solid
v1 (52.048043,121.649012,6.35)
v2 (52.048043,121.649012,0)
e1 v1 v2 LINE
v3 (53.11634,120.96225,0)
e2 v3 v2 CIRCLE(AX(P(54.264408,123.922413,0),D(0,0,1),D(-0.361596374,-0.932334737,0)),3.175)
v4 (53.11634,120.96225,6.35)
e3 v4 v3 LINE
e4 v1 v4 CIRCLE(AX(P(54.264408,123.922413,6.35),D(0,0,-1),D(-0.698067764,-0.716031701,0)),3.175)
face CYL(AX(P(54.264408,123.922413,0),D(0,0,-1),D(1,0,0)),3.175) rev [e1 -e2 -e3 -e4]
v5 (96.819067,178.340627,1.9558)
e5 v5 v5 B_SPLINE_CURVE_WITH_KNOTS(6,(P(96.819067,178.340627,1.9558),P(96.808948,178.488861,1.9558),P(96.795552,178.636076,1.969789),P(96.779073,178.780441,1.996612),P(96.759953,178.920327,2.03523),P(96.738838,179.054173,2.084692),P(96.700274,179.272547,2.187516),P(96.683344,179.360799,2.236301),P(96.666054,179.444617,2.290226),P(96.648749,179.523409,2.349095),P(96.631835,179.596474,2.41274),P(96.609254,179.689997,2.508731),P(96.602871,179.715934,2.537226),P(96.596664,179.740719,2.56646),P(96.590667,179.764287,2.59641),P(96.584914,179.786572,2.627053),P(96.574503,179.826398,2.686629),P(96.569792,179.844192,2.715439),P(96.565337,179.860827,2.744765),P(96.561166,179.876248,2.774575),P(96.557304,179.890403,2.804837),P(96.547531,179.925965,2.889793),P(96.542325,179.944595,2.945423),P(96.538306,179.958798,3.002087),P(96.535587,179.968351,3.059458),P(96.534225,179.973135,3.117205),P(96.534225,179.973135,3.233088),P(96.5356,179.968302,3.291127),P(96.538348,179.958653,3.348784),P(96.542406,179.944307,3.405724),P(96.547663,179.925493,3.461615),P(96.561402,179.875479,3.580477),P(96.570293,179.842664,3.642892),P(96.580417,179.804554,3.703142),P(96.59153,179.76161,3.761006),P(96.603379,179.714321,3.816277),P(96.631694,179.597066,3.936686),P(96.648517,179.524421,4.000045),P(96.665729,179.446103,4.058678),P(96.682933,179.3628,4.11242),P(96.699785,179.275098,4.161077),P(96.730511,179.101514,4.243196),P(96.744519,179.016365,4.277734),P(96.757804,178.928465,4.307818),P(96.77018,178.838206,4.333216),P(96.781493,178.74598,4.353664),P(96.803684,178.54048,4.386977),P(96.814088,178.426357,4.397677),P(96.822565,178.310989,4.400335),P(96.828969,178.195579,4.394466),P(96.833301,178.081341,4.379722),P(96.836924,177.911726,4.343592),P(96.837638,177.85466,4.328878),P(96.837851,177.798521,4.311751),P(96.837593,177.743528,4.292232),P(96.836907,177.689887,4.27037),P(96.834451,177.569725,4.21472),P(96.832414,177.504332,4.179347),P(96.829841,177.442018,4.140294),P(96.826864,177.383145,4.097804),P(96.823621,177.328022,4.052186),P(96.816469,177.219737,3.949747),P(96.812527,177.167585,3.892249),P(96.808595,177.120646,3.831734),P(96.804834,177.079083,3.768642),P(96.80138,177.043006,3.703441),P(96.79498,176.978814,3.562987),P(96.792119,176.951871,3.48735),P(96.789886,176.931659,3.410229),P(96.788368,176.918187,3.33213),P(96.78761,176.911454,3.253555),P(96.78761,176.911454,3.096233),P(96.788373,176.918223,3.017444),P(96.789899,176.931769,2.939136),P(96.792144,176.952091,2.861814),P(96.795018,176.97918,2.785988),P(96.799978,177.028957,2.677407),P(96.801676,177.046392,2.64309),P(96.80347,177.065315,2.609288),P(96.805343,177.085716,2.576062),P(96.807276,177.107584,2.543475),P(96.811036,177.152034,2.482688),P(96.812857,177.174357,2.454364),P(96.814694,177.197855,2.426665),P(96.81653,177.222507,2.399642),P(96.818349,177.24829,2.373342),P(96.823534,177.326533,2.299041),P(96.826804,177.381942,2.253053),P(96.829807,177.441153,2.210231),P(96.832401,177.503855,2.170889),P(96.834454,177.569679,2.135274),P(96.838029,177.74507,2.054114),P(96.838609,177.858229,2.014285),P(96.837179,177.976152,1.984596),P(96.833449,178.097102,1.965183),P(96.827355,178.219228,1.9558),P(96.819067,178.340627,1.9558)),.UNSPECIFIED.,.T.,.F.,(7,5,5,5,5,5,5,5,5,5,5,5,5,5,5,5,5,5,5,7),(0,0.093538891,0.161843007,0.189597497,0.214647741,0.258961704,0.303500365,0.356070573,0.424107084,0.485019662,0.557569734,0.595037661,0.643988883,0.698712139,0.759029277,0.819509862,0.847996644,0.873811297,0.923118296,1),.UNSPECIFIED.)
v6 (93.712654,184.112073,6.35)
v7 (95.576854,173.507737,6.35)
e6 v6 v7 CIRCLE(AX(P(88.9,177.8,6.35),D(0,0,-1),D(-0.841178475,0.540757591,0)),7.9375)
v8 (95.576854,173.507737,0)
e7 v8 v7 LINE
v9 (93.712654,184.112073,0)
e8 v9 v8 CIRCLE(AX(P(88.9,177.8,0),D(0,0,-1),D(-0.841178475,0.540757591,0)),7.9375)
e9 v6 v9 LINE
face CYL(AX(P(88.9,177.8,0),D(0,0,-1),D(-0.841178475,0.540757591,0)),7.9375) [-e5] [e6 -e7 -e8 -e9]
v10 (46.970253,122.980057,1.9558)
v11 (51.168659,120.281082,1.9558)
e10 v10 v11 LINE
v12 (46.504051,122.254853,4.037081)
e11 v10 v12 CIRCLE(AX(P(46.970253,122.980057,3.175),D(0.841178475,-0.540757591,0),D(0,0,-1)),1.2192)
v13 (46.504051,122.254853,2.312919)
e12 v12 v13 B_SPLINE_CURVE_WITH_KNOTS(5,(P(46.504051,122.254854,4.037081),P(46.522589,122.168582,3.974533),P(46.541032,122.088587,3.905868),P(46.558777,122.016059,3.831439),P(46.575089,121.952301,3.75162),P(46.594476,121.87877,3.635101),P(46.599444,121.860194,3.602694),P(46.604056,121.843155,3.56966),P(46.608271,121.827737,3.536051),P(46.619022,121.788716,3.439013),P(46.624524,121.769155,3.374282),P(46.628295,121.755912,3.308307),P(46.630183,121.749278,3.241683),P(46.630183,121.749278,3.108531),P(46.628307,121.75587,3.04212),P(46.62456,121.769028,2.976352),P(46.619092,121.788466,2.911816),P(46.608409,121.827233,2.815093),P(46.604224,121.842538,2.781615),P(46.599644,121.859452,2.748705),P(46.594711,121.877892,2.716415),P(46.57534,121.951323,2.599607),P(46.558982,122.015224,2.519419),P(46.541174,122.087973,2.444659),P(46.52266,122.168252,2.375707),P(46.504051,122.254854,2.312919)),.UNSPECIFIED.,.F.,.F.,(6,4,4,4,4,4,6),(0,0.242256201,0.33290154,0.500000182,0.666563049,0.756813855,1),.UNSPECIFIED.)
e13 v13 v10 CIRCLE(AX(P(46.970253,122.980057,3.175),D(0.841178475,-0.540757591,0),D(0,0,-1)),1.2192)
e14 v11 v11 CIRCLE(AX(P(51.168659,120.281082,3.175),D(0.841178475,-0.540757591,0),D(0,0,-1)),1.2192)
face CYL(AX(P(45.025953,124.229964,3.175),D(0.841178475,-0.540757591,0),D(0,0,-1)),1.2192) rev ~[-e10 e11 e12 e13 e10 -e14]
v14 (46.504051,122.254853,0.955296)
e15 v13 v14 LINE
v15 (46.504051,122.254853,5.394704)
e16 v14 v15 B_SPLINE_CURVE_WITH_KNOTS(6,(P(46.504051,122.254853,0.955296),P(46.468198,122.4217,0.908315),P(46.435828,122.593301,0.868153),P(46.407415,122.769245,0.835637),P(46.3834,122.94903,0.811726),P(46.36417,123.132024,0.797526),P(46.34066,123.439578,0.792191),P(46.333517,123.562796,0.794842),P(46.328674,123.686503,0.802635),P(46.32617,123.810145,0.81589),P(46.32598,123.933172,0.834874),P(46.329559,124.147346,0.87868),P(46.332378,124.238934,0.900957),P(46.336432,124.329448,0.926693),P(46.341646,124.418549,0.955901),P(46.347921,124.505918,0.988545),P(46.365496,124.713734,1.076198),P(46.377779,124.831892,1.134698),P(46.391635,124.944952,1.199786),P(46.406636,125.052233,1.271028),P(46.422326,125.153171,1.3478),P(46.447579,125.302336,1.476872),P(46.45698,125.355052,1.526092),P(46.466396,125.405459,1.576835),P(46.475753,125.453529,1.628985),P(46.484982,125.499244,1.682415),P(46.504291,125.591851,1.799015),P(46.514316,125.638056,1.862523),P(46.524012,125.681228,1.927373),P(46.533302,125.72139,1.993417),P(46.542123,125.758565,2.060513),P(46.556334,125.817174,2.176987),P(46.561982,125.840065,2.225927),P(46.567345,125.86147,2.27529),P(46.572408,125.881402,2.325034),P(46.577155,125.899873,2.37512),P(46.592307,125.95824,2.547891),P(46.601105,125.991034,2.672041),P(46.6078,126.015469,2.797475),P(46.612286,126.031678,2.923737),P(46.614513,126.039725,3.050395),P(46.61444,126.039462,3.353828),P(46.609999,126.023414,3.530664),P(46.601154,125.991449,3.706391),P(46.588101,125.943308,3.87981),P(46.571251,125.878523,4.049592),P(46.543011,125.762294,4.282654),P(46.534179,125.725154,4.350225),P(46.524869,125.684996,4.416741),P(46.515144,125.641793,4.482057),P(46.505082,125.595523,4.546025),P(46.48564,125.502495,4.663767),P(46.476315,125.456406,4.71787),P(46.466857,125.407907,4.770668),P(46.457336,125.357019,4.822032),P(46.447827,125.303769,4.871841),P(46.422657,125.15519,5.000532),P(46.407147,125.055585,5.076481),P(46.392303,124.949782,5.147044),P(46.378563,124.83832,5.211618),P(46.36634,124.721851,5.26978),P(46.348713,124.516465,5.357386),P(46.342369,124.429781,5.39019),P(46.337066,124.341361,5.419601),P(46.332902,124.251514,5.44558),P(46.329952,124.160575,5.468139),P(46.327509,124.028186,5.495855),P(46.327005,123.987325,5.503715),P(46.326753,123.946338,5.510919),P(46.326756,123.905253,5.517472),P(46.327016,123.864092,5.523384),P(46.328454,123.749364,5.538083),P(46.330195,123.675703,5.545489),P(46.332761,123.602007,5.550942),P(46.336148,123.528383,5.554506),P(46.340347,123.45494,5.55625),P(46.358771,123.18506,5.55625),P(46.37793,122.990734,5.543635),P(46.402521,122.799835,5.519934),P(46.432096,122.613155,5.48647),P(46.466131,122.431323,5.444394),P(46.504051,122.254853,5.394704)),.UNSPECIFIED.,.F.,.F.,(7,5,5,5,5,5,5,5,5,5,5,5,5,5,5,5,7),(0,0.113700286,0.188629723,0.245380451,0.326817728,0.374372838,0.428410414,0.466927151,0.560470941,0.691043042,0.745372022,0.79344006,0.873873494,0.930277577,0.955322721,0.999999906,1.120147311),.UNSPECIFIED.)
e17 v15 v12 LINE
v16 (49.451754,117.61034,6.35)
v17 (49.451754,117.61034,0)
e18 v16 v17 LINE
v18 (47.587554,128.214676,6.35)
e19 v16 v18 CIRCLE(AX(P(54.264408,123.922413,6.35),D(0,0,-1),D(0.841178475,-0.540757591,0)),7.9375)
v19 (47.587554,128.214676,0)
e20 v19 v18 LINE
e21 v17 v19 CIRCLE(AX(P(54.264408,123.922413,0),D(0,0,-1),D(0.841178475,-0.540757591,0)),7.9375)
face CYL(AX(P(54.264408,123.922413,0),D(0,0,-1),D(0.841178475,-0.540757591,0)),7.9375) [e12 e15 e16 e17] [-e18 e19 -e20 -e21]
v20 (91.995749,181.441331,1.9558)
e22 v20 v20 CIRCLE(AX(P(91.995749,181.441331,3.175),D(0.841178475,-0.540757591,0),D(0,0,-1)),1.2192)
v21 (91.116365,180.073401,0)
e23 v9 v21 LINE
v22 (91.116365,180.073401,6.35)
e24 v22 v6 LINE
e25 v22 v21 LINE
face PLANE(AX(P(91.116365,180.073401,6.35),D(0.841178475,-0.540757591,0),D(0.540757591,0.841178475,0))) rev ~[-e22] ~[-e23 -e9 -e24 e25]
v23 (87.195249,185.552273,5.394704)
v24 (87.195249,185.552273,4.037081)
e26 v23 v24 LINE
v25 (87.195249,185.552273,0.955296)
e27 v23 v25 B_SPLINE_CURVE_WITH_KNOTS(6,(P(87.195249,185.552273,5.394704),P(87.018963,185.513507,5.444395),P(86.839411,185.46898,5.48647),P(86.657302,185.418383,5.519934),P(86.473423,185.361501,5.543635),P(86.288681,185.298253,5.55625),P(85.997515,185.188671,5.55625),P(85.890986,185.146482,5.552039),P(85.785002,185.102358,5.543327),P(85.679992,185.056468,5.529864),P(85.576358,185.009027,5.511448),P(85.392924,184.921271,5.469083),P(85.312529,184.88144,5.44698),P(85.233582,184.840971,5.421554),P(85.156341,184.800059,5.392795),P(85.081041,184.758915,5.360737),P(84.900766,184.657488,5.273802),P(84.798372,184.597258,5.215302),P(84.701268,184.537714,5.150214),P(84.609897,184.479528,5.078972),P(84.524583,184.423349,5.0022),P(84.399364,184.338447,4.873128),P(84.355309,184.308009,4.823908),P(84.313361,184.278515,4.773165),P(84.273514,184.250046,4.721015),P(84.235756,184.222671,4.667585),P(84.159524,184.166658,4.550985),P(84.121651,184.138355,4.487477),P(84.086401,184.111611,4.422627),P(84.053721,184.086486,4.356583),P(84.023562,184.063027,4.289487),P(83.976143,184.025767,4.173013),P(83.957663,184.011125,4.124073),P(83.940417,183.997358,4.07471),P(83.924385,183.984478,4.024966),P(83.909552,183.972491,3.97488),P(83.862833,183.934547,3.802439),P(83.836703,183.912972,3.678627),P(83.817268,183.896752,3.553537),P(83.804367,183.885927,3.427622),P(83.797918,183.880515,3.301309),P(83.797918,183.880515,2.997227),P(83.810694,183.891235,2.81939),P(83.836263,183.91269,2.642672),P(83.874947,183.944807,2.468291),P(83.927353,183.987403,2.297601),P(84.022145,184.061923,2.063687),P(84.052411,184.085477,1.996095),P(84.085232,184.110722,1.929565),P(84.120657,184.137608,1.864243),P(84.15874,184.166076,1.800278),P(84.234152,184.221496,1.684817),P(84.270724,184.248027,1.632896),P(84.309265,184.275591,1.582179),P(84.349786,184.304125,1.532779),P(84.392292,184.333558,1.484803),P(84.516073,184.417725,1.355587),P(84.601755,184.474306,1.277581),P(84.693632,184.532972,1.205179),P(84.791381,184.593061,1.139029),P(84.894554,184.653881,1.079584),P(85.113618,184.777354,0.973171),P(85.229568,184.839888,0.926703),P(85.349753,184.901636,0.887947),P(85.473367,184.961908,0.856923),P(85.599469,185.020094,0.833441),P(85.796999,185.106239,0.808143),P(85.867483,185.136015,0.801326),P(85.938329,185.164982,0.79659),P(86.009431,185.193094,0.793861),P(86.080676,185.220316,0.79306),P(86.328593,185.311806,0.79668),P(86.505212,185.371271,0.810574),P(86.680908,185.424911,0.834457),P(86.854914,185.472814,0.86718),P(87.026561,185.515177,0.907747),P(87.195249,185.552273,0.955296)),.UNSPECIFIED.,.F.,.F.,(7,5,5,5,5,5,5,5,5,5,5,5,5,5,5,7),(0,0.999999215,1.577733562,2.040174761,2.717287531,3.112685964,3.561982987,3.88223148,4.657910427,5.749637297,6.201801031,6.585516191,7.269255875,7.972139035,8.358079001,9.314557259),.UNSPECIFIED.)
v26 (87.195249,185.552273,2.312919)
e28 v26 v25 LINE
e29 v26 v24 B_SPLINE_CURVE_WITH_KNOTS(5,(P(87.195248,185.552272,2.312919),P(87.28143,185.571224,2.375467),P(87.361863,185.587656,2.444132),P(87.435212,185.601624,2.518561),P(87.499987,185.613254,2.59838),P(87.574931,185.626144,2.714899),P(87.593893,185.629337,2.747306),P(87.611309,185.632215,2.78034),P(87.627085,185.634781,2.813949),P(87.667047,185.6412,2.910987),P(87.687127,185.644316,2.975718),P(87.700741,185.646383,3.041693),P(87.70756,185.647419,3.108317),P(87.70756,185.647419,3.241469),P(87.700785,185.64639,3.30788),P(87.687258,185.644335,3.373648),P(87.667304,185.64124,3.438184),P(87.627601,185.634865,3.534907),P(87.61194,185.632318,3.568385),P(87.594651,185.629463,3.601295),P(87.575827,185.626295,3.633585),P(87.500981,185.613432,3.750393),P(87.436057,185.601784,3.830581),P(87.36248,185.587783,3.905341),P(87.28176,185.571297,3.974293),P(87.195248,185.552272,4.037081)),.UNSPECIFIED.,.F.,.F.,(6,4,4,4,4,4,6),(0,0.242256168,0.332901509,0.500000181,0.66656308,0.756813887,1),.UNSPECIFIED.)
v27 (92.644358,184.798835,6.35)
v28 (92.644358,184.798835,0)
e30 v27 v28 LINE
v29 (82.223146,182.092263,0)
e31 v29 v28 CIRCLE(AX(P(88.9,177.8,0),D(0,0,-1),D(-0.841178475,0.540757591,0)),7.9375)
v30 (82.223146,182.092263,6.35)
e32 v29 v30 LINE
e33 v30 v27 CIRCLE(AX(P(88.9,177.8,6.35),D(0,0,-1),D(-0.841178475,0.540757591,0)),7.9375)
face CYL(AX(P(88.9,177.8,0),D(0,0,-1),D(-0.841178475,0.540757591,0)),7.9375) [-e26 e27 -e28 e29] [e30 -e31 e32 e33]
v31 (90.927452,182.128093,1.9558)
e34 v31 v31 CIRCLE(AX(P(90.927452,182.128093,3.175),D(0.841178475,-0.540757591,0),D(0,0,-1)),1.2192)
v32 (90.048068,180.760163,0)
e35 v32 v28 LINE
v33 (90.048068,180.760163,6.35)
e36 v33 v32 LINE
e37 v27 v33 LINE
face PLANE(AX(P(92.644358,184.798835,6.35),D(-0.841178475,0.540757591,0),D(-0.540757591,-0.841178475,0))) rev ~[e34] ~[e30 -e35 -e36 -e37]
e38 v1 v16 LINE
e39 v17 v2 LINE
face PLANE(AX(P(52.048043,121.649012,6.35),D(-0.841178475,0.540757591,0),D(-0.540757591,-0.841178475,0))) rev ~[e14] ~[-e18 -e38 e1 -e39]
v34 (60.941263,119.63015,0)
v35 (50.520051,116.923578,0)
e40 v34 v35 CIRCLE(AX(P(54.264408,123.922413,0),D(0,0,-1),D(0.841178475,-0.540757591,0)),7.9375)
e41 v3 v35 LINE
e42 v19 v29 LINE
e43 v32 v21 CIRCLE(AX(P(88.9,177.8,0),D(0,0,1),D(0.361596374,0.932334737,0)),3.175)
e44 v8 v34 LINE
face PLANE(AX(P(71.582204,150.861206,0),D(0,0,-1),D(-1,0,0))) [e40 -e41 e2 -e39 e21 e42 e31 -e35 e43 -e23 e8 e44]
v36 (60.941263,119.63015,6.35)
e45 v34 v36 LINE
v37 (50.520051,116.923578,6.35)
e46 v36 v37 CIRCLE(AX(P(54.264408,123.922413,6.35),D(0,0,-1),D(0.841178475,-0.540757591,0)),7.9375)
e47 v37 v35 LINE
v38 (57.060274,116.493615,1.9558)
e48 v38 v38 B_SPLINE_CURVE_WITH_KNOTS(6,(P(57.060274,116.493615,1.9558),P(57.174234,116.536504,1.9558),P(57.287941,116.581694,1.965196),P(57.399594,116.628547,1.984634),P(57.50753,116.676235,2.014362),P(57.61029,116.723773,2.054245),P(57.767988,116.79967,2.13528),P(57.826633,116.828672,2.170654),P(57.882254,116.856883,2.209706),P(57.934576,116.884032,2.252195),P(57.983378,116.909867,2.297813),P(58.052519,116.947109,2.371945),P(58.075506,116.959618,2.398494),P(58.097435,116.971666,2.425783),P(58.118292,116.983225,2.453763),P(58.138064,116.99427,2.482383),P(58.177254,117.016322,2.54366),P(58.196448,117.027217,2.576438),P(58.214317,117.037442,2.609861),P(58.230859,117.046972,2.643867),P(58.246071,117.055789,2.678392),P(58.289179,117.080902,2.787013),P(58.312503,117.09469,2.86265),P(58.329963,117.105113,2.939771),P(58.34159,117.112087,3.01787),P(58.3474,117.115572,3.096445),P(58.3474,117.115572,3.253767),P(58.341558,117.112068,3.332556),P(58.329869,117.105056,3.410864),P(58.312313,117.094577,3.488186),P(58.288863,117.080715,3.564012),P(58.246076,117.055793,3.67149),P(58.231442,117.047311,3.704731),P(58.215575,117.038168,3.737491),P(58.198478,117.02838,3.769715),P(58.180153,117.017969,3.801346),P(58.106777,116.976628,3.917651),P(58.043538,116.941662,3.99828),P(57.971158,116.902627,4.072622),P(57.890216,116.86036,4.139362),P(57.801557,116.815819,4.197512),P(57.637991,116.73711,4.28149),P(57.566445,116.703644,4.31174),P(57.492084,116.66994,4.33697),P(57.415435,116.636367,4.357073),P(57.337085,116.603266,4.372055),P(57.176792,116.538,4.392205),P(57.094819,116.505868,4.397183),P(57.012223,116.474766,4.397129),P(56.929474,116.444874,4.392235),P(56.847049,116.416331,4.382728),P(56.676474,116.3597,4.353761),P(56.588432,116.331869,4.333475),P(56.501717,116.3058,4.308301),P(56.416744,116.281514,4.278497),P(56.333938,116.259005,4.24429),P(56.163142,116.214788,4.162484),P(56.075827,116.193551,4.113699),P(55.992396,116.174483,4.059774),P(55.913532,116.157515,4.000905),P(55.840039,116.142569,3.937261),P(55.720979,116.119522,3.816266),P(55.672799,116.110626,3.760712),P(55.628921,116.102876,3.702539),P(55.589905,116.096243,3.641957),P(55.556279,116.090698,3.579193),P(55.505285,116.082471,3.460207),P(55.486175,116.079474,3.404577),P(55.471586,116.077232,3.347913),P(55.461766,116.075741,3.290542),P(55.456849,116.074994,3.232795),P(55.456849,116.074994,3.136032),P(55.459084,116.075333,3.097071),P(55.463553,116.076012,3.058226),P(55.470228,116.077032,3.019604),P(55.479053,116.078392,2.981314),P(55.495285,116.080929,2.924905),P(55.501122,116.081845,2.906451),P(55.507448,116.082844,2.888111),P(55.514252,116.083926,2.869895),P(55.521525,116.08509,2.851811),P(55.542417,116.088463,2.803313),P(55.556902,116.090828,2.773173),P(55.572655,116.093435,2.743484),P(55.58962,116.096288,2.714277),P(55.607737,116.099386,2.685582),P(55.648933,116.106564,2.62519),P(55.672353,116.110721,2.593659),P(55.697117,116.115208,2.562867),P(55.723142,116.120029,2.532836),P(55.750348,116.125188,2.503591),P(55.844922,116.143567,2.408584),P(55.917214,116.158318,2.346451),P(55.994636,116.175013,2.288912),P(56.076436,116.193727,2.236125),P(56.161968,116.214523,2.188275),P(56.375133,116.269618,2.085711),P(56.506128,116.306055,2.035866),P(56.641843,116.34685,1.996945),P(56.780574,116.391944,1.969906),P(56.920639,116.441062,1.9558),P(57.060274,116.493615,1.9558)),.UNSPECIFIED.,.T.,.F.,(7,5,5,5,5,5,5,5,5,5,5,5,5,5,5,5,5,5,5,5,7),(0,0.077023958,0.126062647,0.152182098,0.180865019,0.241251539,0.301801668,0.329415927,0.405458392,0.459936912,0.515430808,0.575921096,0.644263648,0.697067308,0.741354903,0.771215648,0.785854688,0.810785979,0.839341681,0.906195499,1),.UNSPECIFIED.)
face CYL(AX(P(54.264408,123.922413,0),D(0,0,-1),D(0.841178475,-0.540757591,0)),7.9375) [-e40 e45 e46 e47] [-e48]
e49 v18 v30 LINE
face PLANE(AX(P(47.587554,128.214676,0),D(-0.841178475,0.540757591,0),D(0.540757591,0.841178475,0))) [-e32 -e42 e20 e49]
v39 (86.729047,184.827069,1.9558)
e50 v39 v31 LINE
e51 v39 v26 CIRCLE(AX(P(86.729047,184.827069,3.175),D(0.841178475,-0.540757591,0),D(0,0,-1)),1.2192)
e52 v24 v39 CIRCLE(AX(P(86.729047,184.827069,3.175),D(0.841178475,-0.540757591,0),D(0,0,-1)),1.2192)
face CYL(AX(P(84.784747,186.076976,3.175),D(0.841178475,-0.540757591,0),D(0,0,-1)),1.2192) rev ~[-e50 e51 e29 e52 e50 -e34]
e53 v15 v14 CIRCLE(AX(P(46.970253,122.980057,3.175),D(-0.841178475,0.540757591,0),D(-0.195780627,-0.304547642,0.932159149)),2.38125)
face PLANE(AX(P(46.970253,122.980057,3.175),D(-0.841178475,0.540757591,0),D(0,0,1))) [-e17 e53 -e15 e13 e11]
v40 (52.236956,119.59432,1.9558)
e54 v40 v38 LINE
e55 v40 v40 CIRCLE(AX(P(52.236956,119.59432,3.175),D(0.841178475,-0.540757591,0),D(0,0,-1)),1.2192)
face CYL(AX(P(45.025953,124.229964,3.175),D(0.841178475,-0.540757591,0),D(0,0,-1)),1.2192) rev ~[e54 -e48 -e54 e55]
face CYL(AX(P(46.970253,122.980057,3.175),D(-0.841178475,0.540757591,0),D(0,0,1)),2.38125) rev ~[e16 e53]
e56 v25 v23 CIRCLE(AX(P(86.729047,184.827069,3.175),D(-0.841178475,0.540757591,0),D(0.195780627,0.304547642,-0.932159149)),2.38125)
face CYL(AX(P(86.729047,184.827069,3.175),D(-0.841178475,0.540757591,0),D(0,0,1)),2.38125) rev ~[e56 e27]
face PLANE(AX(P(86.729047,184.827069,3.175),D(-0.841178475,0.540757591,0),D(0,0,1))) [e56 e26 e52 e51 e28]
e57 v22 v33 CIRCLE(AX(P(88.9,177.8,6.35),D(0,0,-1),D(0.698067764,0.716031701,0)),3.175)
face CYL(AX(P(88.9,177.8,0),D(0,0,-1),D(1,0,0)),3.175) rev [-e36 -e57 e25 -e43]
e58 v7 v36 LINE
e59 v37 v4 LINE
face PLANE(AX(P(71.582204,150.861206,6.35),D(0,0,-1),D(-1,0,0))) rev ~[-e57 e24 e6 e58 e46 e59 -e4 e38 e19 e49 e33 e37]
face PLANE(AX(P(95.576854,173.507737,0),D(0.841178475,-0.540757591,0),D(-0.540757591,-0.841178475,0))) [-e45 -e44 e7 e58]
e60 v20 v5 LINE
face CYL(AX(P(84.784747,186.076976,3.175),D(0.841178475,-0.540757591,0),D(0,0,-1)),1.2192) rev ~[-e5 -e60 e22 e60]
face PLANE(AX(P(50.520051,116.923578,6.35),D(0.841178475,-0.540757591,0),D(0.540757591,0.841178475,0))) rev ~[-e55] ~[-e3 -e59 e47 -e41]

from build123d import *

# Parameters (mm, degrees)
SKETCH1_R                 = 3.175
BOSS_EXTRUDE1_DEPTH       = 6.35
CUT_EXTRUDE1_DEPTH        = 210.56202617
CBORE_FOR_2_1_D           = 2.4384
CBORE_FOR_2_1_CBORE_D     = 4.7625
CBORE_FOR_2_1_CBORE_DEPTH = 2.3114


with BuildPart() as part:
    # Sketch1 → Boss-Extrude1 (new body)
    with BuildSketch(Plane.XY):
        with BuildLine():
            Line((47.587554204, 128.214676374), (82.223145852, 182.092263381))
            ThreePointArc((82.223145852, 182.092263381), (93.192263381, 184.476854148), (95.576854148, 173.507736619))
            Line((95.576854148, 173.507736619), (60.941262501, 119.630149611))
            ThreePointArc((60.941262501, 119.630149611), (49.972144971, 117.245558844), (47.587554204, 128.214676374))
        make_face()
        with Locations((88.9, 177.8)):
            Circle(SKETCH1_R, mode=Mode.SUBTRACT)
        with Locations((54.264408352, 123.922412992)):
            Circle(SKETCH1_R, mode=Mode.SUBTRACT)
    extrude(amount=BOSS_EXTRUDE1_DEPTH)

    # Sketch2 → Cut-Extrude1 (cut, through all)
    with BuildSketch(Plane.XY.offset(6.35)):
        with BuildLine():
            Line((92.644357759, 184.79883499), (90.048068488, 180.760162791))
            ThreePointArc((90.048068488, 180.760162791), (90.616905352, 180.470741659), (91.116365152, 180.07340065))
            Line((91.116365152, 180.07340065), (93.712654423, 184.112072849))
            ThreePointArc((93.712654423, 184.112072849), (93.192263381, 184.476854148), (92.644357759, 184.79883499))
        make_face()
        with BuildLine():
            Line((52.0480432, 121.649012343), (49.451753929, 117.610340143))
            ThreePointArc((49.451753929, 117.610340143), (49.972144971, 117.245558844), (50.520050593, 116.923578002))
            Line((50.520050593, 116.923578002), (53.116339864, 120.962250202))
            ThreePointArc((53.116339864, 120.962250202), (52.547503, 121.251671333), (52.0480432, 121.649012343))
        make_face()
    extrude(amount=-CUT_EXTRUDE1_DEPTH, mode=Mode.SUBTRACT)

    # CBORE for #2 _1 (through all)
    with Locations(Plane(origin=(-24.649417325, 15.846053995, 0), x_dir=(0, 0, 1), z_dir=(-0.8411784753765535, 0.540757591313499, 0))):
        with Locations((3.175, 202.371942019), (3.175, 128.847697951)):
            CounterBoreHole(CBORE_FOR_2_1_D / 2, CBORE_FOR_2_1_CBORE_D / 2, CBORE_FOR_2_1_CBORE_DEPTH)


solid = part.part
